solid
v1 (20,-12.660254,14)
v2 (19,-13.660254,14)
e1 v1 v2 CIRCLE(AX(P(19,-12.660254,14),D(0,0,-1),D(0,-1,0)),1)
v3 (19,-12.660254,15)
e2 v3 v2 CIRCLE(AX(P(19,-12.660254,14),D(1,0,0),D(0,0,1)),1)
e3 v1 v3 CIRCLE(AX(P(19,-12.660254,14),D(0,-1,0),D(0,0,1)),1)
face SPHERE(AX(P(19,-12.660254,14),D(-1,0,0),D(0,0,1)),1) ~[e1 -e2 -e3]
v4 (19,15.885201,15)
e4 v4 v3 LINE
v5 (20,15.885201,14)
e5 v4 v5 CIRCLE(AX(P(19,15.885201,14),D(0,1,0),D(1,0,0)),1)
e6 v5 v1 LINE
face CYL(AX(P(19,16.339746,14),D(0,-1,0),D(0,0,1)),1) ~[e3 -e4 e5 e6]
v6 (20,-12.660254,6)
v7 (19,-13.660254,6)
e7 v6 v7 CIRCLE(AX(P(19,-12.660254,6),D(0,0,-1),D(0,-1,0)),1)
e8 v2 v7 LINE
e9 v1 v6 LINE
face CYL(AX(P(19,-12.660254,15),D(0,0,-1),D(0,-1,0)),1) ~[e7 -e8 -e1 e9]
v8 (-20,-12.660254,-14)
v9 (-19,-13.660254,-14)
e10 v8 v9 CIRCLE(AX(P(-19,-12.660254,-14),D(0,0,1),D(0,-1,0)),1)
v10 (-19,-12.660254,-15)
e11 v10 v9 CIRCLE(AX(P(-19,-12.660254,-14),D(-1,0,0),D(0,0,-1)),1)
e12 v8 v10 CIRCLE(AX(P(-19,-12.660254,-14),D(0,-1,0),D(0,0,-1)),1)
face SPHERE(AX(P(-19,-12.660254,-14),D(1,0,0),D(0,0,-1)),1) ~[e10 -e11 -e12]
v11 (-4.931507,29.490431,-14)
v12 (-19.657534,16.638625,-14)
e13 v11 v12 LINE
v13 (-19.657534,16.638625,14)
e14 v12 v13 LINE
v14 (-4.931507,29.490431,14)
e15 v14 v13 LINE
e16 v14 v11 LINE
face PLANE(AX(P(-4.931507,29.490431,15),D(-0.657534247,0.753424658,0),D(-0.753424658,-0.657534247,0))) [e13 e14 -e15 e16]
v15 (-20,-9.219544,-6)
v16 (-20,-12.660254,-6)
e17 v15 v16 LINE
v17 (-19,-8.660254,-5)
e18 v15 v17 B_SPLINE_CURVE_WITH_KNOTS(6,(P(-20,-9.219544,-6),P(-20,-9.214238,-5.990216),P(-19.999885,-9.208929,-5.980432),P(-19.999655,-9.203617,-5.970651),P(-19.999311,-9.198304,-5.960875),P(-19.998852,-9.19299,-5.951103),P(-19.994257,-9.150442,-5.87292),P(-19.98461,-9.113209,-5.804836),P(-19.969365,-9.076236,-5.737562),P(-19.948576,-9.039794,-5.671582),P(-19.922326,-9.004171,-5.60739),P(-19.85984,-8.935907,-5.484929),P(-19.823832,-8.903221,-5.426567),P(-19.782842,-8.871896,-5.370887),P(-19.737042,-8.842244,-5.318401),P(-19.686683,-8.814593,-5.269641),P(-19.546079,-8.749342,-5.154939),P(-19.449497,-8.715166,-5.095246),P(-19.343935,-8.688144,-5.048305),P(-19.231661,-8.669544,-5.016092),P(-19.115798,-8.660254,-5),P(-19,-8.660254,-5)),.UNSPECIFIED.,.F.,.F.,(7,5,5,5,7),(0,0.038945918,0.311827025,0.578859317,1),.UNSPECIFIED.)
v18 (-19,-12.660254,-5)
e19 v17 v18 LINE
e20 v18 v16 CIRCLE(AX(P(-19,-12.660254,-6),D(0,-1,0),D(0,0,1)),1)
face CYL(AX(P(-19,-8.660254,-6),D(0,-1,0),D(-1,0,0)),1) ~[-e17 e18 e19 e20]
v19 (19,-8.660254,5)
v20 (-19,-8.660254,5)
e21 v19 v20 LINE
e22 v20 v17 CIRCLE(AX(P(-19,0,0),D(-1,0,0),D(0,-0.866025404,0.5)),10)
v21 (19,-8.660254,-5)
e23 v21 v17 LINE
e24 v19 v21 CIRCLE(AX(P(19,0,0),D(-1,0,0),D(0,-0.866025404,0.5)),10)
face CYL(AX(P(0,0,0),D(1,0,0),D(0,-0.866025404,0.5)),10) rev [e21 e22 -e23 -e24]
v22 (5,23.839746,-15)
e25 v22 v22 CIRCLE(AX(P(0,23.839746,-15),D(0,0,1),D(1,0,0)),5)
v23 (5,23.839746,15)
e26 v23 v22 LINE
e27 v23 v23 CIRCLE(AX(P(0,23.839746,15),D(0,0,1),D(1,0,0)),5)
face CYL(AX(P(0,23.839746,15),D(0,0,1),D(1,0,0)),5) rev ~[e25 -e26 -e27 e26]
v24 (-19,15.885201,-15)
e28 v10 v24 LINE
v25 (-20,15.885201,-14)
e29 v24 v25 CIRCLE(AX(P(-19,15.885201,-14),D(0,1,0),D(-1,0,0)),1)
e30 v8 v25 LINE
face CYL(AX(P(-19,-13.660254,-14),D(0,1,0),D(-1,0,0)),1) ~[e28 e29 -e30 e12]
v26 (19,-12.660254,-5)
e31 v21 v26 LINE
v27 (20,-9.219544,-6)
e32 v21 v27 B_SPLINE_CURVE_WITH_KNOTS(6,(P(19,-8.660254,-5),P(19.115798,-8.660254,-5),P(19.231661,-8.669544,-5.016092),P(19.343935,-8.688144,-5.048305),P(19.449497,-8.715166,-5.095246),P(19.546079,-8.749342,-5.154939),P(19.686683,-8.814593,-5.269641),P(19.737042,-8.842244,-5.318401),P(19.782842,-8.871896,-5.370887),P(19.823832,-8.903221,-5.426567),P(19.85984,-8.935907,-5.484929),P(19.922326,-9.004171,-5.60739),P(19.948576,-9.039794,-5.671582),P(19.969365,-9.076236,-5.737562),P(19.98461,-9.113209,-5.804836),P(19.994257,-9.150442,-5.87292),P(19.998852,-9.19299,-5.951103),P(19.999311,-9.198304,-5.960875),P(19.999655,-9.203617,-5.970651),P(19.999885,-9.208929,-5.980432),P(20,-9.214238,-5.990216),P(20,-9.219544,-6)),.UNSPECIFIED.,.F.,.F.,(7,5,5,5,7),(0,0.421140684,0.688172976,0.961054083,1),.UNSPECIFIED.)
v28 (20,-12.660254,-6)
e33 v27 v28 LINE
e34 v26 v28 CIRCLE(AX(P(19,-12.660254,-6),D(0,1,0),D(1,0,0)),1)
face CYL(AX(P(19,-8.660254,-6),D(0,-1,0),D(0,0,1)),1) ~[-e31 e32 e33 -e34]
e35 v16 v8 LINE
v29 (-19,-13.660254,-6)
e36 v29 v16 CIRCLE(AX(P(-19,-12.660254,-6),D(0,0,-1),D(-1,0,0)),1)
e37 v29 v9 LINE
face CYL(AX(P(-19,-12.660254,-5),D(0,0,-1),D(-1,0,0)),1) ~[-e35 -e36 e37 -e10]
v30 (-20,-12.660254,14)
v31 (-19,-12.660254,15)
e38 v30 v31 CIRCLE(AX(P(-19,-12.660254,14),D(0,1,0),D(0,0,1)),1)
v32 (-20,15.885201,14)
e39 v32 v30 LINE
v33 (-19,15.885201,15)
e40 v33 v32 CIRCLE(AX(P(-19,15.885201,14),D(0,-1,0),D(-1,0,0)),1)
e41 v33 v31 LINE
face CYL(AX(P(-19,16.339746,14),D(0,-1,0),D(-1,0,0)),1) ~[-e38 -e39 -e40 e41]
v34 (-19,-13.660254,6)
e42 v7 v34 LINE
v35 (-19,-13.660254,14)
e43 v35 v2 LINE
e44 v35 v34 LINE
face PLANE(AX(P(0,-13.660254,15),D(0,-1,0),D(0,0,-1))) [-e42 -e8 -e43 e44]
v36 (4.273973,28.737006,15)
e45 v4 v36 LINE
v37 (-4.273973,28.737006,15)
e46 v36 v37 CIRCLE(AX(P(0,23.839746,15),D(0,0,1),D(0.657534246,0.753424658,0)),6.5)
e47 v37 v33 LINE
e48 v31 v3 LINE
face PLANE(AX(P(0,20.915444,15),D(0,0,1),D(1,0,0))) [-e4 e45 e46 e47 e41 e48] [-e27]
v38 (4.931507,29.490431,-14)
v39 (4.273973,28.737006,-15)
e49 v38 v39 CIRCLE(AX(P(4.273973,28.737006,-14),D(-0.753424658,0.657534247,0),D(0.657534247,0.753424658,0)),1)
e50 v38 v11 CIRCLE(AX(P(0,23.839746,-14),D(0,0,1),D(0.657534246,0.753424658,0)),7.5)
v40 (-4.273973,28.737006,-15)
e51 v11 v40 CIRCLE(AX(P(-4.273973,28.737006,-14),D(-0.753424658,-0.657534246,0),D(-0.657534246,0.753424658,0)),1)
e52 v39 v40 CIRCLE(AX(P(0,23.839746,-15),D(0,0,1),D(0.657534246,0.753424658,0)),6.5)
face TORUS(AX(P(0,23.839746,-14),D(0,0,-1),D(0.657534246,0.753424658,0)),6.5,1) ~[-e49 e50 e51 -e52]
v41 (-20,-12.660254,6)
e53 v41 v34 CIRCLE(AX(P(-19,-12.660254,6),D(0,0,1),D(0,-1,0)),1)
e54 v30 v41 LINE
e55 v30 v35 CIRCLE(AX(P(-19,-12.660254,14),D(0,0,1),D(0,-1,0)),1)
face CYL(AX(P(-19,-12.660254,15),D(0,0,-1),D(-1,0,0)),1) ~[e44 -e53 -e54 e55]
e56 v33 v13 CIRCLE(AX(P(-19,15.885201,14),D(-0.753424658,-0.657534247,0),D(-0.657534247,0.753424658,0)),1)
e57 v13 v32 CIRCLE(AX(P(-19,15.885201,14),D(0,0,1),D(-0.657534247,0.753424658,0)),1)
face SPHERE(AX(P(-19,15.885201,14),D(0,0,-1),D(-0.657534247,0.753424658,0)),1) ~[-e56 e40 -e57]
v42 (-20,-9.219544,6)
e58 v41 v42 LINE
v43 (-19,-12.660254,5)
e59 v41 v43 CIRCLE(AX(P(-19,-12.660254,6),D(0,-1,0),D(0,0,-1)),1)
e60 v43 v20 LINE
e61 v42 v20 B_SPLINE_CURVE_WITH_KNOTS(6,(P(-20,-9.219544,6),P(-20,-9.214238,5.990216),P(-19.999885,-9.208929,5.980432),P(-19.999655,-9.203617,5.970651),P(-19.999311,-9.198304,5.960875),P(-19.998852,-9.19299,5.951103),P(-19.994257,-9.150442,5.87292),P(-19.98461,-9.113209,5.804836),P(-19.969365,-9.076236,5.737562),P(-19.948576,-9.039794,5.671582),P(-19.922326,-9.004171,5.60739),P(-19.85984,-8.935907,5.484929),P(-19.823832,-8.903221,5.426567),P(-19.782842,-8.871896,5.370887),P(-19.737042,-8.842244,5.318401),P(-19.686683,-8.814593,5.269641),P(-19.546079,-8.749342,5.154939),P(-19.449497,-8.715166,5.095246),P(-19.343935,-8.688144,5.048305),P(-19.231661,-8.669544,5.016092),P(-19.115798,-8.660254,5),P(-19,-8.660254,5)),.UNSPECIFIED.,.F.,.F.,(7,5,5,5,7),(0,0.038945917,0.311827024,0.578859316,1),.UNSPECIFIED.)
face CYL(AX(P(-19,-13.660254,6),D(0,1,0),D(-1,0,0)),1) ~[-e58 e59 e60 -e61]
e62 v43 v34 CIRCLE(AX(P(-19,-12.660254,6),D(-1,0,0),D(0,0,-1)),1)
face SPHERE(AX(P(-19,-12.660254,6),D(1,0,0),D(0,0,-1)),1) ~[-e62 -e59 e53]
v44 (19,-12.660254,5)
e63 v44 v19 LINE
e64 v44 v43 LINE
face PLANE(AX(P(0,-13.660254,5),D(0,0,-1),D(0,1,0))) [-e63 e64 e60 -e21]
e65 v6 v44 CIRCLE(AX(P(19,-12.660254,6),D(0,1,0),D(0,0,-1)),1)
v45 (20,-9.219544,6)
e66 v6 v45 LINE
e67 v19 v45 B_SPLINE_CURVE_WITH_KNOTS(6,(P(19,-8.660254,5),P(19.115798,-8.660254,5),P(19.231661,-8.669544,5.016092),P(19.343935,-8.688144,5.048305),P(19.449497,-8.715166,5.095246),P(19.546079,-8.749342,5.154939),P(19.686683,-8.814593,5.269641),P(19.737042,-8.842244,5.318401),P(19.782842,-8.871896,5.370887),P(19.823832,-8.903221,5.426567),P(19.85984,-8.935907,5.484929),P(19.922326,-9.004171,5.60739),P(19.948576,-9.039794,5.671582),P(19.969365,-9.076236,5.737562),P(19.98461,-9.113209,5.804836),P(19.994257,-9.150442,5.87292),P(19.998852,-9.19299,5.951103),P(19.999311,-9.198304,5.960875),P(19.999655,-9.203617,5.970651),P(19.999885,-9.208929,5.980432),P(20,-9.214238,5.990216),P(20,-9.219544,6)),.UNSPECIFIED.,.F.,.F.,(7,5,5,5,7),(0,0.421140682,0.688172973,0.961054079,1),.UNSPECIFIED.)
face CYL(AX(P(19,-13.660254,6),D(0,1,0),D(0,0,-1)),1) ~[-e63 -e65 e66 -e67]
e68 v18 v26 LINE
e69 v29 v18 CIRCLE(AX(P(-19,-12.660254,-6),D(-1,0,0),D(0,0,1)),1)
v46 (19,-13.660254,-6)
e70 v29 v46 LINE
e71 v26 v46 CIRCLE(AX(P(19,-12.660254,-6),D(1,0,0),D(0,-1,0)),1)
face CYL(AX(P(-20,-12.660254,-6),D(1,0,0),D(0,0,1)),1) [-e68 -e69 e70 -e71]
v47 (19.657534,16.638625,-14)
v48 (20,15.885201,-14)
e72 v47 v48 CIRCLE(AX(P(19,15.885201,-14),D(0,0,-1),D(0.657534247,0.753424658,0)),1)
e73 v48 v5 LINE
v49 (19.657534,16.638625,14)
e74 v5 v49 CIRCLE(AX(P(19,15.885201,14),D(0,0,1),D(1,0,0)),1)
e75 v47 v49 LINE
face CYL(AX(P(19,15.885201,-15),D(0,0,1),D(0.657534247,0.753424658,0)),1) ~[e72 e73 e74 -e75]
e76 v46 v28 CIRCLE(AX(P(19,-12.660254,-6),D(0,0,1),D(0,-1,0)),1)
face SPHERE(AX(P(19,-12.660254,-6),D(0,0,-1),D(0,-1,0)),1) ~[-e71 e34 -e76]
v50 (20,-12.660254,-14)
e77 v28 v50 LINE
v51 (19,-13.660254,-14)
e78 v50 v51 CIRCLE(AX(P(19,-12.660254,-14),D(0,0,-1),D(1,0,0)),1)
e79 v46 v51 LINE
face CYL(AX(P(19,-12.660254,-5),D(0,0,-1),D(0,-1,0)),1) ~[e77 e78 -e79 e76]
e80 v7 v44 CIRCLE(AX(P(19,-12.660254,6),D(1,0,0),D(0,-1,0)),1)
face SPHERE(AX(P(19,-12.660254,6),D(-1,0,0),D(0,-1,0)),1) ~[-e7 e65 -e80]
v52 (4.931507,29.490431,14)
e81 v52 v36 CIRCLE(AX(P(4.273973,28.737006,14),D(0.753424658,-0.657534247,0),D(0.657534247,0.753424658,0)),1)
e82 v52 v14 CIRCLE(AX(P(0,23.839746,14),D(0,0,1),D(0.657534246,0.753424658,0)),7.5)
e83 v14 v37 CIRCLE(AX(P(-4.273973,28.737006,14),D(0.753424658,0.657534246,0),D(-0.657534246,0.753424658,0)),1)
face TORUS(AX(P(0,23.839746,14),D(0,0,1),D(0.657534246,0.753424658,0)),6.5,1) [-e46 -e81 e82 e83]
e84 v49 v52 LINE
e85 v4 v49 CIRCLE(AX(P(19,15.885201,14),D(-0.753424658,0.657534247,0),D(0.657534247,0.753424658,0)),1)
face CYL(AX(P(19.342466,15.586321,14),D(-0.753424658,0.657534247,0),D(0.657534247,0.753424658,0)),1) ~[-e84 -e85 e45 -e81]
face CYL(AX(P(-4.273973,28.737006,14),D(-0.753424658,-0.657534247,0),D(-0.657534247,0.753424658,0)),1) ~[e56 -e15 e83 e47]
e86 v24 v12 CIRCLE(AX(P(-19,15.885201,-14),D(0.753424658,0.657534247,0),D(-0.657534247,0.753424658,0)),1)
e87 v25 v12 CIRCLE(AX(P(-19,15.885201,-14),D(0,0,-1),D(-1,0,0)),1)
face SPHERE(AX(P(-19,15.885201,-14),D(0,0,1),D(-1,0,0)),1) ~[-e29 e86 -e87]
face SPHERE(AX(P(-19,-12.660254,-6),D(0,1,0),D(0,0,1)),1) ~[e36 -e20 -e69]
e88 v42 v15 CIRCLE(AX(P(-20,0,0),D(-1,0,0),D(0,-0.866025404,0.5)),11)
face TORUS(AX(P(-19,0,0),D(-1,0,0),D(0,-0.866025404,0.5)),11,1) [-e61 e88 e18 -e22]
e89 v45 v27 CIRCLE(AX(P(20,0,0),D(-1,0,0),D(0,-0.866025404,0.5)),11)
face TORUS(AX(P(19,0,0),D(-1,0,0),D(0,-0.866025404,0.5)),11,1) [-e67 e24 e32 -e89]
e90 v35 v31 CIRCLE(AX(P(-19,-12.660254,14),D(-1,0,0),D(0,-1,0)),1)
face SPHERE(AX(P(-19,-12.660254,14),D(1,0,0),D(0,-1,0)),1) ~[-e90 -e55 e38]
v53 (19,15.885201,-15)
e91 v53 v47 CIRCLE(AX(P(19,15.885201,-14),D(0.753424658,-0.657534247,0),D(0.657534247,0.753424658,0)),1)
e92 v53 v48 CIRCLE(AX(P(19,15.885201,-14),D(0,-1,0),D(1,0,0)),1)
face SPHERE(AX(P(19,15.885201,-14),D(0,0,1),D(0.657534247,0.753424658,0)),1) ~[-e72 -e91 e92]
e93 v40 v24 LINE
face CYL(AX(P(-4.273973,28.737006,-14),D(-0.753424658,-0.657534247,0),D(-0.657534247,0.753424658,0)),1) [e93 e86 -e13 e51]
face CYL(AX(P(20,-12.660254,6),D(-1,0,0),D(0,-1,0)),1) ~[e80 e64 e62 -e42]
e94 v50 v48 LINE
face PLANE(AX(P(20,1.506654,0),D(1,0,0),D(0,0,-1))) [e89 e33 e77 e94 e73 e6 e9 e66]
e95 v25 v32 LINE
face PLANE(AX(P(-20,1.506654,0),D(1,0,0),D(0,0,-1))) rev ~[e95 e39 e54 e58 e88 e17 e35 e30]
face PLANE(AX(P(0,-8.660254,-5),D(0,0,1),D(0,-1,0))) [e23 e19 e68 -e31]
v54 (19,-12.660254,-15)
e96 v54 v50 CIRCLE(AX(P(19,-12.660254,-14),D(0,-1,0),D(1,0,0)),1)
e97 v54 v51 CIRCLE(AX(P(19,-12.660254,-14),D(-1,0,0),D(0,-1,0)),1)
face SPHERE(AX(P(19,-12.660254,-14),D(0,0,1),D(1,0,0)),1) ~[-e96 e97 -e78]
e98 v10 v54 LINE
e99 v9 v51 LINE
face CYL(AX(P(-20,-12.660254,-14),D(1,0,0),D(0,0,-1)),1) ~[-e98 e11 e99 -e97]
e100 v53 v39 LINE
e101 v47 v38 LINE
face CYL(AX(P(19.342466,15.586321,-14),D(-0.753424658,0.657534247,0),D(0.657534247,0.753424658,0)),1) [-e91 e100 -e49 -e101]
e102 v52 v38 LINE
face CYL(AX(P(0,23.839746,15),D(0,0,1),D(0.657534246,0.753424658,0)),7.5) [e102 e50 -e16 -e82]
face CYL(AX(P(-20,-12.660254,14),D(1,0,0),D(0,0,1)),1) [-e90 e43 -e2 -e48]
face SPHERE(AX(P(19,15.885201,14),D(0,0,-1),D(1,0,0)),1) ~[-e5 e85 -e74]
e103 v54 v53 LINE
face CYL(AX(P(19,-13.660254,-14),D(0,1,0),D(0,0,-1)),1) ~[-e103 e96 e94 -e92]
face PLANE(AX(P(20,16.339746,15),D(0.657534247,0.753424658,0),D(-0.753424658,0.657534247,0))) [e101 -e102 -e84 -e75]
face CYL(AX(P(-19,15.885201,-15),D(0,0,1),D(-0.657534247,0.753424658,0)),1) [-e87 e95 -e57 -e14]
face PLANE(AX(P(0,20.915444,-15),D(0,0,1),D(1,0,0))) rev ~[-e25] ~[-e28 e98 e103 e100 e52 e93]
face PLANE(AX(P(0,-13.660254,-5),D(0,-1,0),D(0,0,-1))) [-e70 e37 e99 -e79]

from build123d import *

# Parameters (mm, degrees)
BOSS_EXTRUDE1_DEPTH = 20
SKETCH3_R           = 5
BOSS_EXTRUDE2_DEPTH = 30
FILLET1_R           = 1


with BuildPart() as part:
    # Sketch1 → Boss-Extrude1 (new body, symmetric)
    with BuildSketch(Plane(origin=(0, 0, 0), x_dir=(0, 0, -1), z_dir=(1, 0, 0))):
        with BuildLine():
            Line((5, -8.660254038), (5, -13.660254038))
            Line((5, -13.660254038), (15, -13.660254038))
            Line((15, -13.660254038), (15, 16.339745962))
            Line((15, 16.339745962), (-15, 16.339745962))
            Line((-15, 16.339745962), (-15, -13.660254038))
            Line((-15, -13.660254038), (-5, -13.660254038))
            Line((-5, -13.660254038), (-5, -8.660254038))
            ThreePointArc((-5, -8.660254038), (0, 10), (5, -8.660254038))
        make_face()
    extrude(amount=BOSS_EXTRUDE1_DEPTH, both=True)

    # Sketch3 → Boss-Extrude2 (add)
    with BuildSketch(Plane.XY.offset(15)):
        with BuildLine():
            Line((-20, 16.339745962), (20, 16.339745962))
            Line((20, 16.339745962), (4.931506849, 29.490430894))
            ThreePointArc((4.931506849, 29.490430894), (0, 31.339745962), (-4.931506849, 29.490430894))
            Line((-4.931506849, 29.490430894), (-20, 16.339745962))
        make_face()
        with Locations((0, 23.839745962)):
            Circle(SKETCH3_R, mode=Mode.SUBTRACT)
    extrude(amount=-BOSS_EXTRUDE2_DEPTH)

    # Fillet1
    fillet1_edges = [part.edges().sort_by_distance(p)[0] for p in [
        (20, -13.660254038, -10),
        (-20, -11.160254038, -5),
        (-20, 10, 0),
        (20, 1.339745962, -15),
        (0, -13.660254038, 5),
        (0, -13.660254038, 15),
        (0, -13.660254038, -15),
        (0, -13.660254038, -5),
        (20, 16.339745962, 0),
        (20, 1.339745962, 15),
        (20, -13.660254038, 10),
        (-12.465753425, 22.915088428, 15),
        (12.465753425, 22.915088428, 15),
        (0, 31.339745962, 15),
        (20, -11.160254038, 5),
        (-12.465753425, 22.915088428, -15),
        (0, 31.339745962, -15),
        (12.465753425, 22.915088428, -15),
        (20, 10, 0),
        (20, -11.160254038, -5),
        (-20, -11.160254038, 5),
        (-20, -13.660254038, 10),
        (-20, 1.339745962, 15),
        (-20, 16.339745962, 0),
        (-20, 1.339745962, -15),
        (-20, -13.660254038, -10),
    ]]
    fillet(fillet1_edges, radius=FILLET1_R)


solid = part.part
